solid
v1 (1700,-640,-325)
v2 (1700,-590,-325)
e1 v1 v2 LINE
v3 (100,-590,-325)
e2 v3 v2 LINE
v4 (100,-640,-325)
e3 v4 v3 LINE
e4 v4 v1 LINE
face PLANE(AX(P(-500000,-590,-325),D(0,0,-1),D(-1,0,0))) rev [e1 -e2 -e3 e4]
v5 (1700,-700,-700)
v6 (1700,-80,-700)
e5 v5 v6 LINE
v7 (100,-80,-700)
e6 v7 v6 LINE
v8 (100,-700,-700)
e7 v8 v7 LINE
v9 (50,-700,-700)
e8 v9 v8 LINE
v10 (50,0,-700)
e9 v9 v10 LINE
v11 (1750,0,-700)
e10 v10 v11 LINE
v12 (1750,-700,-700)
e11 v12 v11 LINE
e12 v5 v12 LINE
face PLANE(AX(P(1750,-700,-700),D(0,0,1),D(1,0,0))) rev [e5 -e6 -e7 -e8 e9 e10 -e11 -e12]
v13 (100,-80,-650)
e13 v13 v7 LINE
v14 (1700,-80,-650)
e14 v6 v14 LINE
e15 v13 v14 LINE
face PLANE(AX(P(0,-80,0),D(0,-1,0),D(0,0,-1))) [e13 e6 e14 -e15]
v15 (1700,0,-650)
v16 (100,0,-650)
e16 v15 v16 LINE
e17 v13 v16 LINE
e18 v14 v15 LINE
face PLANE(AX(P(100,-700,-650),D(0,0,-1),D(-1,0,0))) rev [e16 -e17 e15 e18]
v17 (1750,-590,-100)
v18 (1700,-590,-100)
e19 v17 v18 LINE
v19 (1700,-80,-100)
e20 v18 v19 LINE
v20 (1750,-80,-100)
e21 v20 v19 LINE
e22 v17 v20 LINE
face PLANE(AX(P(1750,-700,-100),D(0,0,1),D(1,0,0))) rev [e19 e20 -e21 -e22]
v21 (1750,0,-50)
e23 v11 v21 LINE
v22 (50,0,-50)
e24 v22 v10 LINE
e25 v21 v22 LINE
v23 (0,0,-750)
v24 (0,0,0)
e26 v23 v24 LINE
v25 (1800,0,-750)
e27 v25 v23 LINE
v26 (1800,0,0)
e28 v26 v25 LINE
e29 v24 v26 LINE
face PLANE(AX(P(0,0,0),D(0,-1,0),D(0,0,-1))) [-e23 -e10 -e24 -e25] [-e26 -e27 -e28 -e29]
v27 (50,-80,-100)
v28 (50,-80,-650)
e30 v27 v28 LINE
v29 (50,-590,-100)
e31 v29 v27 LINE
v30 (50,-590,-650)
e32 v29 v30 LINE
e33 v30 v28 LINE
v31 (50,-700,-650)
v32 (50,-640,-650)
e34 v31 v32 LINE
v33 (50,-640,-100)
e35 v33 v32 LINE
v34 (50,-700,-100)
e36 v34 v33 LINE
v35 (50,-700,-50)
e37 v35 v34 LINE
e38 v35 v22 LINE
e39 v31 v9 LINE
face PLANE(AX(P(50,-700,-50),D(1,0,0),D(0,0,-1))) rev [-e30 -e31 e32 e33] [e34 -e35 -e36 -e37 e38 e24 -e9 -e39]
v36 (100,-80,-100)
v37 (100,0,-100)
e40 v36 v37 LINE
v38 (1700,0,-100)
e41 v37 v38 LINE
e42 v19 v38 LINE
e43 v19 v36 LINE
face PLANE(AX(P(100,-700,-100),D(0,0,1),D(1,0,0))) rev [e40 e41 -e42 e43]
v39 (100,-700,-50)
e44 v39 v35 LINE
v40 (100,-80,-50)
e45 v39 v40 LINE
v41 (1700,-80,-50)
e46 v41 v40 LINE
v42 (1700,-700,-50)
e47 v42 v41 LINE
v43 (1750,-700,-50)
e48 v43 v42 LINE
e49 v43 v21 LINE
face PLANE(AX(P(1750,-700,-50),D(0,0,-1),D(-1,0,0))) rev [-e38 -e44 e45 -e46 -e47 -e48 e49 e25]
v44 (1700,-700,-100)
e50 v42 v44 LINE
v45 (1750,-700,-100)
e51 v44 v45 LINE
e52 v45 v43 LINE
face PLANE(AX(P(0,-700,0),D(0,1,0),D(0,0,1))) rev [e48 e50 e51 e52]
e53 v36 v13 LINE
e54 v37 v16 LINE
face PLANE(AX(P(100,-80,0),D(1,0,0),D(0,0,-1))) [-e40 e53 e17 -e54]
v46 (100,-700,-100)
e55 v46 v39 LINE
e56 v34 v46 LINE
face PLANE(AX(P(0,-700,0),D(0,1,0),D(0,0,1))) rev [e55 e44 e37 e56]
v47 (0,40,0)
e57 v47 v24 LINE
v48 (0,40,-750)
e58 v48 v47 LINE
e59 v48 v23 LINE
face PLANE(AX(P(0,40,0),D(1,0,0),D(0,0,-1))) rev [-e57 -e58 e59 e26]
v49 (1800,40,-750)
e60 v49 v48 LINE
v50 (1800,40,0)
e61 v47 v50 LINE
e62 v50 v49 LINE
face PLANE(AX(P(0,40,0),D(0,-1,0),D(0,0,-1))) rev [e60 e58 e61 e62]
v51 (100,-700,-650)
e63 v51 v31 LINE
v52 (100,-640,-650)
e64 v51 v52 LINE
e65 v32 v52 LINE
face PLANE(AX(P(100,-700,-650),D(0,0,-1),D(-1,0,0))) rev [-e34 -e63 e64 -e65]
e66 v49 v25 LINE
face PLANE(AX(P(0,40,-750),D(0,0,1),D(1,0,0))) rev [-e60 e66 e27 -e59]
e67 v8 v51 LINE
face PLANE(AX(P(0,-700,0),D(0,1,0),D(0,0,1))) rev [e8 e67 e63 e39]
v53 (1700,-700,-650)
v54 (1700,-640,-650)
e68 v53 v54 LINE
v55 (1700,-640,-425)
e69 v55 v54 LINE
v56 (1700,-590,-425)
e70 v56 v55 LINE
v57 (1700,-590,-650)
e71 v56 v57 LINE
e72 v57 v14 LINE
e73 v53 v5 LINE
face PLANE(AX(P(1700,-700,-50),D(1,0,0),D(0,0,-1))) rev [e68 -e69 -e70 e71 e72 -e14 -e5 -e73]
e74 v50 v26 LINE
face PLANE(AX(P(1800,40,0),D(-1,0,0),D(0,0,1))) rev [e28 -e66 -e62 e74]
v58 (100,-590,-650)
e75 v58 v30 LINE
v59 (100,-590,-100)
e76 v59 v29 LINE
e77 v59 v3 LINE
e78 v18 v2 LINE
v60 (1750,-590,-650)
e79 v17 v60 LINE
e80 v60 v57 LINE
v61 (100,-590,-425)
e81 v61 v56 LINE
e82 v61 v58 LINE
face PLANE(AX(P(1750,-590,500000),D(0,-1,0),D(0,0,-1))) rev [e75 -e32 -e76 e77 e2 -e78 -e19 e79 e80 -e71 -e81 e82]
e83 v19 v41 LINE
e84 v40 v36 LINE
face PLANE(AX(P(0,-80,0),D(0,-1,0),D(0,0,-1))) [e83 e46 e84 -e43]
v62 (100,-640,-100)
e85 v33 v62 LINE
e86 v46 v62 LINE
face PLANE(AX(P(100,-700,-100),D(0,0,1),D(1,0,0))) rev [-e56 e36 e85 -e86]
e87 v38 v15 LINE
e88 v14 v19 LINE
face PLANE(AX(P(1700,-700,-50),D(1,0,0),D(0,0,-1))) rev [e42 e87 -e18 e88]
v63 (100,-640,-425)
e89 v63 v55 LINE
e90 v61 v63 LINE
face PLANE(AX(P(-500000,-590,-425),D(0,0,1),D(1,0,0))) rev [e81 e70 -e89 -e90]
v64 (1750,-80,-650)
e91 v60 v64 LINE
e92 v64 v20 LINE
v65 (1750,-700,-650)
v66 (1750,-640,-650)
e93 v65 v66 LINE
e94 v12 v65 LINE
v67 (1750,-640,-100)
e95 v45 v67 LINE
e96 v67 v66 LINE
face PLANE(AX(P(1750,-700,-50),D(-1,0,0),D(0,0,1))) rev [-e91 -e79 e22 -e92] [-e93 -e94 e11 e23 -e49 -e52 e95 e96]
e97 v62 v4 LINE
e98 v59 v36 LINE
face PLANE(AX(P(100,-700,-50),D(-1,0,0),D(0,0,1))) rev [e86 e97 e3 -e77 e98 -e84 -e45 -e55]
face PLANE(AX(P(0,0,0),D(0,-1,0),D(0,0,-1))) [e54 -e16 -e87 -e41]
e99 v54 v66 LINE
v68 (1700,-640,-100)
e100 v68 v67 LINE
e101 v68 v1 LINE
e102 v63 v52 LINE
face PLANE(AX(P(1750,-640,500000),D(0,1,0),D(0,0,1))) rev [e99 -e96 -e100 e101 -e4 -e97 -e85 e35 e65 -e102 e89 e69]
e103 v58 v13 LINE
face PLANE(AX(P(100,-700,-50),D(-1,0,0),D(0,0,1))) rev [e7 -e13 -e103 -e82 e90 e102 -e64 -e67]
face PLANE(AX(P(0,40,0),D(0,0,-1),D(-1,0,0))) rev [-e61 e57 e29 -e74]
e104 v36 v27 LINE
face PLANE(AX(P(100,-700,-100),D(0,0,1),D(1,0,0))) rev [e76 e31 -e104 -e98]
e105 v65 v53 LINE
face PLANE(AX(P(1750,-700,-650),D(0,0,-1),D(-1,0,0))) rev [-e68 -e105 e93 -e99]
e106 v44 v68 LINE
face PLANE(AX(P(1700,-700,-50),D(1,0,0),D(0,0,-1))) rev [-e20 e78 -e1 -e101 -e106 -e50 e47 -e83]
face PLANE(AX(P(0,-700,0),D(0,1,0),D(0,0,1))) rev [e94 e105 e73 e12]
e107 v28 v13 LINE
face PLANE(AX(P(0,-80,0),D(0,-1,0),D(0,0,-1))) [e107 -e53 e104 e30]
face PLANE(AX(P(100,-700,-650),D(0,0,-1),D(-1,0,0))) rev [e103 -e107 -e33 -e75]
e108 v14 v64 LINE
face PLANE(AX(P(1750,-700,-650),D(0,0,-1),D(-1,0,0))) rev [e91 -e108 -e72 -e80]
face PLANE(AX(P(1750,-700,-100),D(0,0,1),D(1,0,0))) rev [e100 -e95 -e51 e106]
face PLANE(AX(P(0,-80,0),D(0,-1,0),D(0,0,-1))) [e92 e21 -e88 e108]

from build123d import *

# Parameters (mm, degrees)
SKETCH_1_W      = 1800
SKETCH_1_H      = 750
EXTRUDE_1_DEPTH = 40
SKETCH_2_W      = 50
SKETCH_2_H      = 50
EXTRUDE_2_DEPTH = 700
SKETCH_3_W      = 50
SKETCH_3_H      = 550
SKETCH_3_W_2    = 1600
SKETCH_3_H_2    = 50
EXTRUDE_3_DEPTH = 80
EXTRUDE_4_REACH = 2039.768
SKETCH_4_W      = 50
SKETCH_4_H      = 50
EXTRUDE_5_REACH = 1987.573
SKETCH_5_W      = 100
SKETCH_5_H      = 50


with BuildPart() as part:
    # ｽｹｯﾁ1 → ﾎﾞｽ - 押し出し1 (new body)
    with BuildSketch(Plane(origin=(0, 0, 0), x_dir=(1, 0, 0), z_dir=(0, 1, 0))):
        with Locations((900, 375)):
            Rectangle(SKETCH_1_W, SKETCH_1_H)
    extrude(amount=EXTRUDE_1_DEPTH)

    # ｽｹｯﾁ2 → ﾎﾞｽ - 押し出し2 (add)
    with BuildSketch(Plane(origin=(0, 0, 0), x_dir=(-1, 0, 0), z_dir=(0, -1, 0))):
        with Locations((-1725, 75)):
            Rectangle(SKETCH_2_W, SKETCH_2_H)
        with Locations((-1725, 675)):
            Rectangle(SKETCH_2_W, SKETCH_2_H)
        with Locations((-75, 75)):
            Rectangle(SKETCH_2_W, SKETCH_2_H)
        with Locations((-75, 675)):
            Rectangle(SKETCH_2_W, SKETCH_2_H)
    extrude(amount=EXTRUDE_2_DEPTH)

    # ｽｹｯﾁ3 → ﾎﾞｽ - 押し出し3 (add)
    with BuildSketch(Plane(origin=(0, 0, 0), x_dir=(-1, 0, 0), z_dir=(0, -1, 0))):
        with Locations((-1725, 375)):
            Rectangle(SKETCH_3_W, SKETCH_3_H)
        with Locations((-900, 675)):
            Rectangle(SKETCH_3_W_2, SKETCH_3_H_2)
        with Locations((-900, 75)):
            Rectangle(SKETCH_3_W_2, SKETCH_3_H_2)
        with Locations((-75, 375)):
            Rectangle(SKETCH_3_W, SKETCH_3_H)
    extrude(amount=EXTRUDE_3_DEPTH)

    # ｽｹｯﾁ4 → ﾎﾞｽ - 押し出し4 (add, up to next)
    with BuildSketch(Plane.XY.offset(-650), mode=Mode.PRIVATE) as extrude_4_sk1:
        with Locations((1725, -615)):
            Rectangle(SKETCH_4_W, SKETCH_4_H)
    extrude_4_tool1 = extrude(extrude_4_sk1.sketch, amount=EXTRUDE_4_REACH, mode=Mode.PRIVATE) - part.part
    # ｽｹｯﾁ4 → ﾎﾞｽ - 押し出し4 (add, up to next)
    with BuildSketch(Plane.XY.offset(-650), mode=Mode.PRIVATE) as extrude_4_sk2:
        with Locations((75, -615)):
            Rectangle(SKETCH_4_W, SKETCH_4_H)
    extrude_4_tool2 = extrude(extrude_4_sk2.sketch, amount=EXTRUDE_4_REACH, mode=Mode.PRIVATE) - part.part
    add(extrude_4_tool1.solids().sort_by_distance((1725, -615, -650))[0])
    add(extrude_4_tool2.solids().sort_by_distance((75, -615, -650))[0])

    # ｽｹｯﾁ5 → ﾎﾞｽ - 押し出し5 (add, up to next)
    with BuildSketch(Plane.ZY.offset(-1700), mode=Mode.PRIVATE) as extrude_5_sk1:
        with Locations((-375, -615)):
            Rectangle(SKETCH_5_W, SKETCH_5_H)
    extrude_5_tool1 = extrude(extrude_5_sk1.sketch, amount=EXTRUDE_5_REACH, mode=Mode.PRIVATE) - part.part
    add(extrude_5_tool1.solids().sort_by_distance((1700, -615, -375))[0])


solid = part.part
